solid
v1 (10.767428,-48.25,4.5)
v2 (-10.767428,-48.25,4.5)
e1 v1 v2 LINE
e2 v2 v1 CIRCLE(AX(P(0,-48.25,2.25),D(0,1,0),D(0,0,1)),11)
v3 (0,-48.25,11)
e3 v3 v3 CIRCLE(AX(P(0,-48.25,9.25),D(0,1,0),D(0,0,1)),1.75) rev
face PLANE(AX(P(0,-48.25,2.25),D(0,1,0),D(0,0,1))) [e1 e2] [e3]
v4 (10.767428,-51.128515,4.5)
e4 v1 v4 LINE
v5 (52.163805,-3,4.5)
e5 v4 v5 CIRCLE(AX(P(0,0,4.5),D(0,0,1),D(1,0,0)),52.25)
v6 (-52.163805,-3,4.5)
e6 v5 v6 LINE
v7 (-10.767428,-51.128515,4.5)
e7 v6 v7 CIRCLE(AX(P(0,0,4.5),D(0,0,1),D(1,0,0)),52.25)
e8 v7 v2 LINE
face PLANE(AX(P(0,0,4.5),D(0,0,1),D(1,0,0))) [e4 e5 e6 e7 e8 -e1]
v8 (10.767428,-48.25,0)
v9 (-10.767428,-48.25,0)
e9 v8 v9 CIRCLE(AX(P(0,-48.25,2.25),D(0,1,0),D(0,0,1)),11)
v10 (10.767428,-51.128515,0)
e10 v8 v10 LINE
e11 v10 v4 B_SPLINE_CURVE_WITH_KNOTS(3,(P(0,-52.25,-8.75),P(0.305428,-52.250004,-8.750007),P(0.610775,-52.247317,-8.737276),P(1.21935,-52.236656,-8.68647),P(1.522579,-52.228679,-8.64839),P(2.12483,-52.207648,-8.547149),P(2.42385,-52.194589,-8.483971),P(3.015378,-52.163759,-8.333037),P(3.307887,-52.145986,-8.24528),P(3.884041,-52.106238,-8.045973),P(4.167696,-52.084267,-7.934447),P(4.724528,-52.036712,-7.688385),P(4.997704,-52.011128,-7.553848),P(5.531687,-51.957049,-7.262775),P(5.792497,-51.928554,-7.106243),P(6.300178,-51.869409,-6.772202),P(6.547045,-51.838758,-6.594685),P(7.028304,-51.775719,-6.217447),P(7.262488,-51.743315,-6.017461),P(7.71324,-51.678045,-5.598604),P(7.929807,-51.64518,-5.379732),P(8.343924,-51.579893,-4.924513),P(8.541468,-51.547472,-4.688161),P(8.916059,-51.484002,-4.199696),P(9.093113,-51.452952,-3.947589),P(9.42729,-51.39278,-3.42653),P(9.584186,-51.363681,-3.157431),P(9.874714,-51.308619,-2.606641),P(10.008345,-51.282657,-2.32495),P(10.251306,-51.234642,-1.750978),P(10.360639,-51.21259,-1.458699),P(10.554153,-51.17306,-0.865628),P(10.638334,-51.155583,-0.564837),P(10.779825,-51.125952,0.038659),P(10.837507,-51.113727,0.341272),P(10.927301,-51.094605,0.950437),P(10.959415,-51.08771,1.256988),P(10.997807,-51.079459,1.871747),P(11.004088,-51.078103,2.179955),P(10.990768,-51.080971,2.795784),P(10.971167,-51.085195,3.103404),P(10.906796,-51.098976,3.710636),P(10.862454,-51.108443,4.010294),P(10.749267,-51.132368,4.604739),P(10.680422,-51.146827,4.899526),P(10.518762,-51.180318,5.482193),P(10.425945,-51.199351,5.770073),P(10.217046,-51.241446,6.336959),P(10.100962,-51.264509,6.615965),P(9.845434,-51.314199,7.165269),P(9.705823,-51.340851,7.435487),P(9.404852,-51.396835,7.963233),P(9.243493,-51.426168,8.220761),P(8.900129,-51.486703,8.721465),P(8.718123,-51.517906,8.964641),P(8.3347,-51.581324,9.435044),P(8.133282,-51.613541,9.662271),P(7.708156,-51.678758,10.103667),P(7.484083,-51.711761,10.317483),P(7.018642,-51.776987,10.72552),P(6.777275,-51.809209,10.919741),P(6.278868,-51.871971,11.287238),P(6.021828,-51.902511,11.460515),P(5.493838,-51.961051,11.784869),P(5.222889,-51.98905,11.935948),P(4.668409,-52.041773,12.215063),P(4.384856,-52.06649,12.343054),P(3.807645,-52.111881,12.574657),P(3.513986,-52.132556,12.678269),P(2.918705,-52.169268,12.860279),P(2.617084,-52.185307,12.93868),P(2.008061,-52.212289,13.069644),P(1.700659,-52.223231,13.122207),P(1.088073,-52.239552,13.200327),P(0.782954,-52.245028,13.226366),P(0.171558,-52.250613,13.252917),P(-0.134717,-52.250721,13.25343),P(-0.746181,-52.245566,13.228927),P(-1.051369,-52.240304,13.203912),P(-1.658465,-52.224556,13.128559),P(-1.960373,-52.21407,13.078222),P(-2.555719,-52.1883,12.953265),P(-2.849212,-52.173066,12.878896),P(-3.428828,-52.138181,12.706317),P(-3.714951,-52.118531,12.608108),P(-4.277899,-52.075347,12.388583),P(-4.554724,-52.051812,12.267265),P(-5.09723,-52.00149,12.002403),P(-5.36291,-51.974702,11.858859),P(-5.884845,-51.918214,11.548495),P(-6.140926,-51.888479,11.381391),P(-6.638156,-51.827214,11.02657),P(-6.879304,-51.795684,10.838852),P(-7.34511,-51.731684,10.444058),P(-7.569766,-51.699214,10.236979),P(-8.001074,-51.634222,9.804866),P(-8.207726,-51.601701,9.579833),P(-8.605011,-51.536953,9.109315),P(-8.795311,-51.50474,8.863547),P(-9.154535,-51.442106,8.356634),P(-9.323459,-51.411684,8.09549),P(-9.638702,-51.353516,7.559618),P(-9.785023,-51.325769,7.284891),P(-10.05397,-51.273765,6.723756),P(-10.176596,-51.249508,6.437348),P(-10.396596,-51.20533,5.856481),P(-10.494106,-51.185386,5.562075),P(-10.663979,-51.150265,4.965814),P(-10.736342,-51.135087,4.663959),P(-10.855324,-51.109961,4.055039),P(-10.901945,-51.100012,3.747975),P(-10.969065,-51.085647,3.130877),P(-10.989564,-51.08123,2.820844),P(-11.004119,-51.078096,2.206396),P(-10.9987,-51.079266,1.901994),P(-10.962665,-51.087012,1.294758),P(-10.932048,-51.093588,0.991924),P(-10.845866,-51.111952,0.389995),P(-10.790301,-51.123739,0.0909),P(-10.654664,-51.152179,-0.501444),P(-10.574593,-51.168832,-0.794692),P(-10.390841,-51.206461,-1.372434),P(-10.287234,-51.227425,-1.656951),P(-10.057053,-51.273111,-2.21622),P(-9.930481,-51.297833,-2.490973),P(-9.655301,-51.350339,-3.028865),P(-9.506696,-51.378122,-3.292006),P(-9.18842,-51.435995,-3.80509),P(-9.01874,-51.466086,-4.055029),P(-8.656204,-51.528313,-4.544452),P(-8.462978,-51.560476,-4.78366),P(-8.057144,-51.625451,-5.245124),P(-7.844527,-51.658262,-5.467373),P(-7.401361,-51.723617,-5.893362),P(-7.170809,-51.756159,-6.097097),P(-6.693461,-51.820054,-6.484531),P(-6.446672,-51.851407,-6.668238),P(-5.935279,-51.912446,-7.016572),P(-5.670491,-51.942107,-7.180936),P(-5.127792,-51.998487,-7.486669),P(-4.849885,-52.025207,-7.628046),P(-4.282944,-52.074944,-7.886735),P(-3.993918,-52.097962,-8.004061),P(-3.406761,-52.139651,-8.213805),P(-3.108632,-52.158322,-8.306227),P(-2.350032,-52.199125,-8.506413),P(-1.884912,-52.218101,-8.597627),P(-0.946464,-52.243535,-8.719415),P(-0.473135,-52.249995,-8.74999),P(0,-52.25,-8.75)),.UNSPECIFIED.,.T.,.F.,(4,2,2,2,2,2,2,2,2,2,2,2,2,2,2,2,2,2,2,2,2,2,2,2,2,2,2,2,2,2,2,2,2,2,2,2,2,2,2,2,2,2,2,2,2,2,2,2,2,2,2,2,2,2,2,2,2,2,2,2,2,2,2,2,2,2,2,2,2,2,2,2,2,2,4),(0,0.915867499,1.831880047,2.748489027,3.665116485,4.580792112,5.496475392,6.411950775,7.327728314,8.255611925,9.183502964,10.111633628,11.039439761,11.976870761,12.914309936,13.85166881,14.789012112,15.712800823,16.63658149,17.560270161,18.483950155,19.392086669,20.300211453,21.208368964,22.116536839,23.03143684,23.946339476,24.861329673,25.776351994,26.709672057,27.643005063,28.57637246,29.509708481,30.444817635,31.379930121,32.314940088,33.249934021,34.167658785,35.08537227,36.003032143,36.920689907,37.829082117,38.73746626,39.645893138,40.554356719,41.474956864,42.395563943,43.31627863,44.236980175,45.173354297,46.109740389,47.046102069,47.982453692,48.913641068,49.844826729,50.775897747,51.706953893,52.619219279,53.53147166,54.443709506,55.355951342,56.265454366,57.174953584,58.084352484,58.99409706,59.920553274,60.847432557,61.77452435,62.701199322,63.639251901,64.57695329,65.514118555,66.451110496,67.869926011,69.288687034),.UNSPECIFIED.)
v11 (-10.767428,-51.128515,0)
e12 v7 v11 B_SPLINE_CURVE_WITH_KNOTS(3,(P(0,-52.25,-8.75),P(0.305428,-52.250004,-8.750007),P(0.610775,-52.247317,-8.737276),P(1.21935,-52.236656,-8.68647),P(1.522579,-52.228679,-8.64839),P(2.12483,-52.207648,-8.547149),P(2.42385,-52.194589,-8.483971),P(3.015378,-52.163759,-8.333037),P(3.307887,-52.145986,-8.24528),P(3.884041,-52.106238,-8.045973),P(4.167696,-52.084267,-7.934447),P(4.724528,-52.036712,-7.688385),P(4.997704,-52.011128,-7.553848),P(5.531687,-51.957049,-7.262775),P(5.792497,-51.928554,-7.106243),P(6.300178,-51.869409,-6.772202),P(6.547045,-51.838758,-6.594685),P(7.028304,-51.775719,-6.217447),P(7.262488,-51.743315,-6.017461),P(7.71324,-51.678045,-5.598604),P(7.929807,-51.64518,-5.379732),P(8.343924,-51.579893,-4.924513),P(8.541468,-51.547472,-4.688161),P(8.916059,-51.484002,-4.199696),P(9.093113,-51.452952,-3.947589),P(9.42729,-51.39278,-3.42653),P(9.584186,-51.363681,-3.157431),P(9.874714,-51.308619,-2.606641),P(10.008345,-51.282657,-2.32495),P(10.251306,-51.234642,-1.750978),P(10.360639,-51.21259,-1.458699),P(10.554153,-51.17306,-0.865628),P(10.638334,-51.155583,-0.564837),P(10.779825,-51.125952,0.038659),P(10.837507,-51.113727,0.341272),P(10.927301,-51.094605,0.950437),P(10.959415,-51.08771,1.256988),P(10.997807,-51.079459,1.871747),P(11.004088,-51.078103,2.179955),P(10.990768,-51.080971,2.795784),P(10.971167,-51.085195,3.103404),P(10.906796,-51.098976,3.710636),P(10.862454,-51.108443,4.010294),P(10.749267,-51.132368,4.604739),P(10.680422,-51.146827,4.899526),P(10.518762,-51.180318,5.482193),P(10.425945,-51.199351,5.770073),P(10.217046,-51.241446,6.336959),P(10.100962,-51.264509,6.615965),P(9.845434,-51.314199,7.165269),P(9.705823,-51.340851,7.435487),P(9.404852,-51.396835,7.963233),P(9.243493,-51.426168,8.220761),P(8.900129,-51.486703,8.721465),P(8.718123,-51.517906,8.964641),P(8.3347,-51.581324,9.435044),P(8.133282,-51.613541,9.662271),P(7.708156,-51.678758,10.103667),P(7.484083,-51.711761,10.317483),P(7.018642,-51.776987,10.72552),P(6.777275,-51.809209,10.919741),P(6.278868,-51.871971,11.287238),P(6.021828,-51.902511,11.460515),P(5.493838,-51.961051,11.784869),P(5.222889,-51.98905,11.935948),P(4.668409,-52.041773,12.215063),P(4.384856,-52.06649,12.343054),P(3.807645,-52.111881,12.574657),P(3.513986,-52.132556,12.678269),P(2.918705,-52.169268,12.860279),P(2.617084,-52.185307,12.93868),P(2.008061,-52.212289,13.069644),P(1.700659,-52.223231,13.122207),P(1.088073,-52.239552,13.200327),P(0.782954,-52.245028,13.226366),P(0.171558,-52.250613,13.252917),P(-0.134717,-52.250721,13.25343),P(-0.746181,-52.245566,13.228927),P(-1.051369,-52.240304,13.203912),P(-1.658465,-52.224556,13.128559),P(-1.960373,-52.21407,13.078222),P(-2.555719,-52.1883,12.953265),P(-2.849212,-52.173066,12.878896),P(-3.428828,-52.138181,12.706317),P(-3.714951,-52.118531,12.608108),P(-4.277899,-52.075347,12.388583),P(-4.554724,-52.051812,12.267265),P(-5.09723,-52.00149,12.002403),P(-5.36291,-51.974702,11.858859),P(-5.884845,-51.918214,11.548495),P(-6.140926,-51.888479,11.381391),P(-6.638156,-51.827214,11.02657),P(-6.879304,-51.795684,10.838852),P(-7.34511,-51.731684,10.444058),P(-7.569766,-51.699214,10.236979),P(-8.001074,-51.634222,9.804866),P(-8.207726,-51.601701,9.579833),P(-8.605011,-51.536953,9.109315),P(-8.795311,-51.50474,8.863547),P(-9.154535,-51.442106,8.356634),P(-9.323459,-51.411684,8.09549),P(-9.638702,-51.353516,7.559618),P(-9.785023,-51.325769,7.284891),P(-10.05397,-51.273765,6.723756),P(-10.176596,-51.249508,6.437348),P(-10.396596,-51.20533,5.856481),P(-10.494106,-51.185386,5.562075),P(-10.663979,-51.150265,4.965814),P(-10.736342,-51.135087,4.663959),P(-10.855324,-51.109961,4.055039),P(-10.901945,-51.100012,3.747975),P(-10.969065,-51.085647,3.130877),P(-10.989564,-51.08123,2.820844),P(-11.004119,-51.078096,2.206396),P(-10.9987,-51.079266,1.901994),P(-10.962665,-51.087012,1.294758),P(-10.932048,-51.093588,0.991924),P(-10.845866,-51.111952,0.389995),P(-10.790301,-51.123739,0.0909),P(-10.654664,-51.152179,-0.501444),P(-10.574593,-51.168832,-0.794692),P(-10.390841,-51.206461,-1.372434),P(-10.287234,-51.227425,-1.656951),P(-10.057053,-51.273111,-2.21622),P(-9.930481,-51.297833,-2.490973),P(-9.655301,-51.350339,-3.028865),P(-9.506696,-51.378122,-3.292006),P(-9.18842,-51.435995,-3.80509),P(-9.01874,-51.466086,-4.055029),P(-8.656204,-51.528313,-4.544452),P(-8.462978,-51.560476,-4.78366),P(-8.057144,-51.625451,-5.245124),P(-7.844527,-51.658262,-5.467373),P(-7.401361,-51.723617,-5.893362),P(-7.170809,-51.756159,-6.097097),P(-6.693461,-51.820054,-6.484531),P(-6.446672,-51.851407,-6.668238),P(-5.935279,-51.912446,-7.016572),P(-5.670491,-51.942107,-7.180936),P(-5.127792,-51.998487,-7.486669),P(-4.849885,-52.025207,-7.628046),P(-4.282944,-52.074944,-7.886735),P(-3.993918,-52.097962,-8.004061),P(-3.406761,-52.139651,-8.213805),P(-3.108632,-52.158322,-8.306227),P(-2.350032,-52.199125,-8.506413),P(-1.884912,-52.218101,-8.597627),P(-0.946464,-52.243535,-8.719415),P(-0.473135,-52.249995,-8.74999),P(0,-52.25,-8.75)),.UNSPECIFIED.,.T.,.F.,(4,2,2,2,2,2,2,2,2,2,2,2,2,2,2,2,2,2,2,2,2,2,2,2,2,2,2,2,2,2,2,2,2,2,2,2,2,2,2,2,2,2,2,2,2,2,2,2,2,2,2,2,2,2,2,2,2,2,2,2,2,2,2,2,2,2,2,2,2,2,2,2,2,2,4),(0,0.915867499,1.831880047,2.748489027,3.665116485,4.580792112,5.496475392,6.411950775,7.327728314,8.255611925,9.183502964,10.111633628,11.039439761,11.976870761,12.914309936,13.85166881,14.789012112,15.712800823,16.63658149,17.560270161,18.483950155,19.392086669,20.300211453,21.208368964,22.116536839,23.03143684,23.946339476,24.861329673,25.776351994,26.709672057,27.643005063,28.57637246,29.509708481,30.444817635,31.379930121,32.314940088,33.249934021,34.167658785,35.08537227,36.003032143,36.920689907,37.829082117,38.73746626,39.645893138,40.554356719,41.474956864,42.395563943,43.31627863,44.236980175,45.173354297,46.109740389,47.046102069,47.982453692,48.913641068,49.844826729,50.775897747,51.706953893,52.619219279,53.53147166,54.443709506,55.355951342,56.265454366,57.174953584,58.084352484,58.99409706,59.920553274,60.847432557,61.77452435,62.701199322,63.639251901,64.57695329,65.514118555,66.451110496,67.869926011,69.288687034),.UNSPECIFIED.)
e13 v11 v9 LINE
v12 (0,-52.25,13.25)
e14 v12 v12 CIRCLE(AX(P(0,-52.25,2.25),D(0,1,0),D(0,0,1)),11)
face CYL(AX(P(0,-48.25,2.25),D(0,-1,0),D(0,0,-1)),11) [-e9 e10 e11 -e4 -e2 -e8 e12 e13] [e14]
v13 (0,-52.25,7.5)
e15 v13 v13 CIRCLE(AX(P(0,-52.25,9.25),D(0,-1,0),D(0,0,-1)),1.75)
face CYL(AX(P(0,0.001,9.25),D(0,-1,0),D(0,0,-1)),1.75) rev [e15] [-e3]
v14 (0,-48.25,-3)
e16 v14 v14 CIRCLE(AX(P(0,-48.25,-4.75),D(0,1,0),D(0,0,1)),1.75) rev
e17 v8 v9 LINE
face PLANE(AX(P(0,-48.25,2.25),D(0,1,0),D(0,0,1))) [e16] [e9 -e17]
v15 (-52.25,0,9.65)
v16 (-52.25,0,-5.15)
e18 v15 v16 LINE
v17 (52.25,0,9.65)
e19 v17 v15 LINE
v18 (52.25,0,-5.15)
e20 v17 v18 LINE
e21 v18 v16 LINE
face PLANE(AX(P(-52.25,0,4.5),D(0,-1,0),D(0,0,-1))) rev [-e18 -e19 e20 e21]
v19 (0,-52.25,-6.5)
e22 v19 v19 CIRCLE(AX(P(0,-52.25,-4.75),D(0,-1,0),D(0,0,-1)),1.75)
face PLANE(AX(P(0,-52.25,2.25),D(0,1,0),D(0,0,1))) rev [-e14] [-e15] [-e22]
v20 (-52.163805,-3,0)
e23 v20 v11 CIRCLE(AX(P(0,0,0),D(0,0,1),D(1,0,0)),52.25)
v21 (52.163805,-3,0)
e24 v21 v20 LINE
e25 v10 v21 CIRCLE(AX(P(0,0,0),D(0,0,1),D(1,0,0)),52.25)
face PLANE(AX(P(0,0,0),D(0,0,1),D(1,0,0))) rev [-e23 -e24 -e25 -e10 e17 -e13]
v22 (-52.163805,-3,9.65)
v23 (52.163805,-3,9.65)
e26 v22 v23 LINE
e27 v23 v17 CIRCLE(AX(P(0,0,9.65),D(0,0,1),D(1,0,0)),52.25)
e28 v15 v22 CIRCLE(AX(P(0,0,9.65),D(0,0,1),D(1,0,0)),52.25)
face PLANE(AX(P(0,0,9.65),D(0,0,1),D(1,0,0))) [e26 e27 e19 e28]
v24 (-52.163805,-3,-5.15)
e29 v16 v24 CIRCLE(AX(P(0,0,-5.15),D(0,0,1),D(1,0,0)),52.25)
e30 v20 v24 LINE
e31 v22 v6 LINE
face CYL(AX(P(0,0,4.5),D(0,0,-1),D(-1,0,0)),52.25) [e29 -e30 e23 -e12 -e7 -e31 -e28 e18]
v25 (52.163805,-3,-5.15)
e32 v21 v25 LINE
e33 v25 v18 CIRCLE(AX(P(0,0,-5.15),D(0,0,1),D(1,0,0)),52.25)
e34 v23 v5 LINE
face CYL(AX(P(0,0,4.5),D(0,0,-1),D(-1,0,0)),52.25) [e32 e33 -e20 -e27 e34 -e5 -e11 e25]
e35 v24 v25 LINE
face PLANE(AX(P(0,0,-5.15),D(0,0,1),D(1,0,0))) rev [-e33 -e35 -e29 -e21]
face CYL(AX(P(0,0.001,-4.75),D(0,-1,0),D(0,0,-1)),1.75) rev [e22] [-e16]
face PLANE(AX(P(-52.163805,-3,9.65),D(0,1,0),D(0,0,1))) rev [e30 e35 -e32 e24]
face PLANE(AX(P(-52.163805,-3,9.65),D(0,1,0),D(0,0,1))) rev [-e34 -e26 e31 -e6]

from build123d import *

# Parameters (mm, degrees)
EXTRUDE_1_DEPTH     = 4.5
EXTRUDE_2_DEPTH     = 7.4
SKETCH_3_R          = 11
EXTRUDE_3_DEPTH     = 4
CUT_EXTRUDE_2_REACH = 77.071
SKETCH_7_R          = 1.75


with BuildPart() as part:
    # 草图1 → 凸台-拉伸1 (new body)
    with BuildSketch(Plane.XY):
        with BuildLine():
            Line((-52.25, 0), (52.25, 0))
            ThreePointArc((52.25, 0), (0, -52.25), (-52.25, 0))
        make_face()
    extrude(amount=EXTRUDE_1_DEPTH)

    # 草图2 → 凸台-拉伸2 (add, symmetric)
    with BuildSketch(Plane.XY.offset(2.25)):
        with BuildLine():
            Line((-52.25, 0), (52.25, 0))
            ThreePointArc((52.25, 0), (52.22844668, -1.500619011), (52.163804501, -3))
            Line((52.163804501, -3), (-52.163804501, -3))
            ThreePointArc((-52.163804501, -3), (-52.22844668, -1.500619011), (-52.25, 0))
        make_face()
    extrude(amount=EXTRUDE_2_DEPTH, both=True)

    # 草图3 → 凸台-拉伸3 (add)
    with BuildSketch(Plane(origin=(0, -52.25, 0), x_dir=(1, 0, 0), z_dir=(0, 1, 0))):
        with Locations(Location((0, -2.25, 0), (0, 0, 168.19710831))):
            Circle(SKETCH_3_R)
    extrude(amount=EXTRUDE_3_DEPTH)

    # 草图7 → 切除-拉伸2 (cut, up to next)
    with BuildSketch(Plane.XZ.offset(52.25), mode=Mode.PRIVATE) as cut_extrude_2_sk1:
        with Locations(Location((0, 9.25, 0), (0, 0, 270))):
            Circle(SKETCH_7_R)
    cut_extrude_2_tool1 = extrude(cut_extrude_2_sk1.sketch, amount=-CUT_EXTRUDE_2_REACH, mode=Mode.PRIVATE) & part.part
    # 草图7 → 切除-拉伸2 (cut, up to next)
    with BuildSketch(Plane.XZ.offset(52.25), mode=Mode.PRIVATE) as cut_extrude_2_sk2:
        with Locations(Location((0, -4.75, 0), (0, 0, 270))):
            Circle(SKETCH_7_R)
    cut_extrude_2_tool2 = extrude(cut_extrude_2_sk2.sketch, amount=-CUT_EXTRUDE_2_REACH, mode=Mode.PRIVATE) & part.part
    add(cut_extrude_2_tool1.solids().sort_by_distance((0, -52.25, 9.25))[0], mode=Mode.SUBTRACT)
    add(cut_extrude_2_tool2.solids().sort_by_distance((0, -52.25, -4.75))[0], mode=Mode.SUBTRACT)


solid = part.part
